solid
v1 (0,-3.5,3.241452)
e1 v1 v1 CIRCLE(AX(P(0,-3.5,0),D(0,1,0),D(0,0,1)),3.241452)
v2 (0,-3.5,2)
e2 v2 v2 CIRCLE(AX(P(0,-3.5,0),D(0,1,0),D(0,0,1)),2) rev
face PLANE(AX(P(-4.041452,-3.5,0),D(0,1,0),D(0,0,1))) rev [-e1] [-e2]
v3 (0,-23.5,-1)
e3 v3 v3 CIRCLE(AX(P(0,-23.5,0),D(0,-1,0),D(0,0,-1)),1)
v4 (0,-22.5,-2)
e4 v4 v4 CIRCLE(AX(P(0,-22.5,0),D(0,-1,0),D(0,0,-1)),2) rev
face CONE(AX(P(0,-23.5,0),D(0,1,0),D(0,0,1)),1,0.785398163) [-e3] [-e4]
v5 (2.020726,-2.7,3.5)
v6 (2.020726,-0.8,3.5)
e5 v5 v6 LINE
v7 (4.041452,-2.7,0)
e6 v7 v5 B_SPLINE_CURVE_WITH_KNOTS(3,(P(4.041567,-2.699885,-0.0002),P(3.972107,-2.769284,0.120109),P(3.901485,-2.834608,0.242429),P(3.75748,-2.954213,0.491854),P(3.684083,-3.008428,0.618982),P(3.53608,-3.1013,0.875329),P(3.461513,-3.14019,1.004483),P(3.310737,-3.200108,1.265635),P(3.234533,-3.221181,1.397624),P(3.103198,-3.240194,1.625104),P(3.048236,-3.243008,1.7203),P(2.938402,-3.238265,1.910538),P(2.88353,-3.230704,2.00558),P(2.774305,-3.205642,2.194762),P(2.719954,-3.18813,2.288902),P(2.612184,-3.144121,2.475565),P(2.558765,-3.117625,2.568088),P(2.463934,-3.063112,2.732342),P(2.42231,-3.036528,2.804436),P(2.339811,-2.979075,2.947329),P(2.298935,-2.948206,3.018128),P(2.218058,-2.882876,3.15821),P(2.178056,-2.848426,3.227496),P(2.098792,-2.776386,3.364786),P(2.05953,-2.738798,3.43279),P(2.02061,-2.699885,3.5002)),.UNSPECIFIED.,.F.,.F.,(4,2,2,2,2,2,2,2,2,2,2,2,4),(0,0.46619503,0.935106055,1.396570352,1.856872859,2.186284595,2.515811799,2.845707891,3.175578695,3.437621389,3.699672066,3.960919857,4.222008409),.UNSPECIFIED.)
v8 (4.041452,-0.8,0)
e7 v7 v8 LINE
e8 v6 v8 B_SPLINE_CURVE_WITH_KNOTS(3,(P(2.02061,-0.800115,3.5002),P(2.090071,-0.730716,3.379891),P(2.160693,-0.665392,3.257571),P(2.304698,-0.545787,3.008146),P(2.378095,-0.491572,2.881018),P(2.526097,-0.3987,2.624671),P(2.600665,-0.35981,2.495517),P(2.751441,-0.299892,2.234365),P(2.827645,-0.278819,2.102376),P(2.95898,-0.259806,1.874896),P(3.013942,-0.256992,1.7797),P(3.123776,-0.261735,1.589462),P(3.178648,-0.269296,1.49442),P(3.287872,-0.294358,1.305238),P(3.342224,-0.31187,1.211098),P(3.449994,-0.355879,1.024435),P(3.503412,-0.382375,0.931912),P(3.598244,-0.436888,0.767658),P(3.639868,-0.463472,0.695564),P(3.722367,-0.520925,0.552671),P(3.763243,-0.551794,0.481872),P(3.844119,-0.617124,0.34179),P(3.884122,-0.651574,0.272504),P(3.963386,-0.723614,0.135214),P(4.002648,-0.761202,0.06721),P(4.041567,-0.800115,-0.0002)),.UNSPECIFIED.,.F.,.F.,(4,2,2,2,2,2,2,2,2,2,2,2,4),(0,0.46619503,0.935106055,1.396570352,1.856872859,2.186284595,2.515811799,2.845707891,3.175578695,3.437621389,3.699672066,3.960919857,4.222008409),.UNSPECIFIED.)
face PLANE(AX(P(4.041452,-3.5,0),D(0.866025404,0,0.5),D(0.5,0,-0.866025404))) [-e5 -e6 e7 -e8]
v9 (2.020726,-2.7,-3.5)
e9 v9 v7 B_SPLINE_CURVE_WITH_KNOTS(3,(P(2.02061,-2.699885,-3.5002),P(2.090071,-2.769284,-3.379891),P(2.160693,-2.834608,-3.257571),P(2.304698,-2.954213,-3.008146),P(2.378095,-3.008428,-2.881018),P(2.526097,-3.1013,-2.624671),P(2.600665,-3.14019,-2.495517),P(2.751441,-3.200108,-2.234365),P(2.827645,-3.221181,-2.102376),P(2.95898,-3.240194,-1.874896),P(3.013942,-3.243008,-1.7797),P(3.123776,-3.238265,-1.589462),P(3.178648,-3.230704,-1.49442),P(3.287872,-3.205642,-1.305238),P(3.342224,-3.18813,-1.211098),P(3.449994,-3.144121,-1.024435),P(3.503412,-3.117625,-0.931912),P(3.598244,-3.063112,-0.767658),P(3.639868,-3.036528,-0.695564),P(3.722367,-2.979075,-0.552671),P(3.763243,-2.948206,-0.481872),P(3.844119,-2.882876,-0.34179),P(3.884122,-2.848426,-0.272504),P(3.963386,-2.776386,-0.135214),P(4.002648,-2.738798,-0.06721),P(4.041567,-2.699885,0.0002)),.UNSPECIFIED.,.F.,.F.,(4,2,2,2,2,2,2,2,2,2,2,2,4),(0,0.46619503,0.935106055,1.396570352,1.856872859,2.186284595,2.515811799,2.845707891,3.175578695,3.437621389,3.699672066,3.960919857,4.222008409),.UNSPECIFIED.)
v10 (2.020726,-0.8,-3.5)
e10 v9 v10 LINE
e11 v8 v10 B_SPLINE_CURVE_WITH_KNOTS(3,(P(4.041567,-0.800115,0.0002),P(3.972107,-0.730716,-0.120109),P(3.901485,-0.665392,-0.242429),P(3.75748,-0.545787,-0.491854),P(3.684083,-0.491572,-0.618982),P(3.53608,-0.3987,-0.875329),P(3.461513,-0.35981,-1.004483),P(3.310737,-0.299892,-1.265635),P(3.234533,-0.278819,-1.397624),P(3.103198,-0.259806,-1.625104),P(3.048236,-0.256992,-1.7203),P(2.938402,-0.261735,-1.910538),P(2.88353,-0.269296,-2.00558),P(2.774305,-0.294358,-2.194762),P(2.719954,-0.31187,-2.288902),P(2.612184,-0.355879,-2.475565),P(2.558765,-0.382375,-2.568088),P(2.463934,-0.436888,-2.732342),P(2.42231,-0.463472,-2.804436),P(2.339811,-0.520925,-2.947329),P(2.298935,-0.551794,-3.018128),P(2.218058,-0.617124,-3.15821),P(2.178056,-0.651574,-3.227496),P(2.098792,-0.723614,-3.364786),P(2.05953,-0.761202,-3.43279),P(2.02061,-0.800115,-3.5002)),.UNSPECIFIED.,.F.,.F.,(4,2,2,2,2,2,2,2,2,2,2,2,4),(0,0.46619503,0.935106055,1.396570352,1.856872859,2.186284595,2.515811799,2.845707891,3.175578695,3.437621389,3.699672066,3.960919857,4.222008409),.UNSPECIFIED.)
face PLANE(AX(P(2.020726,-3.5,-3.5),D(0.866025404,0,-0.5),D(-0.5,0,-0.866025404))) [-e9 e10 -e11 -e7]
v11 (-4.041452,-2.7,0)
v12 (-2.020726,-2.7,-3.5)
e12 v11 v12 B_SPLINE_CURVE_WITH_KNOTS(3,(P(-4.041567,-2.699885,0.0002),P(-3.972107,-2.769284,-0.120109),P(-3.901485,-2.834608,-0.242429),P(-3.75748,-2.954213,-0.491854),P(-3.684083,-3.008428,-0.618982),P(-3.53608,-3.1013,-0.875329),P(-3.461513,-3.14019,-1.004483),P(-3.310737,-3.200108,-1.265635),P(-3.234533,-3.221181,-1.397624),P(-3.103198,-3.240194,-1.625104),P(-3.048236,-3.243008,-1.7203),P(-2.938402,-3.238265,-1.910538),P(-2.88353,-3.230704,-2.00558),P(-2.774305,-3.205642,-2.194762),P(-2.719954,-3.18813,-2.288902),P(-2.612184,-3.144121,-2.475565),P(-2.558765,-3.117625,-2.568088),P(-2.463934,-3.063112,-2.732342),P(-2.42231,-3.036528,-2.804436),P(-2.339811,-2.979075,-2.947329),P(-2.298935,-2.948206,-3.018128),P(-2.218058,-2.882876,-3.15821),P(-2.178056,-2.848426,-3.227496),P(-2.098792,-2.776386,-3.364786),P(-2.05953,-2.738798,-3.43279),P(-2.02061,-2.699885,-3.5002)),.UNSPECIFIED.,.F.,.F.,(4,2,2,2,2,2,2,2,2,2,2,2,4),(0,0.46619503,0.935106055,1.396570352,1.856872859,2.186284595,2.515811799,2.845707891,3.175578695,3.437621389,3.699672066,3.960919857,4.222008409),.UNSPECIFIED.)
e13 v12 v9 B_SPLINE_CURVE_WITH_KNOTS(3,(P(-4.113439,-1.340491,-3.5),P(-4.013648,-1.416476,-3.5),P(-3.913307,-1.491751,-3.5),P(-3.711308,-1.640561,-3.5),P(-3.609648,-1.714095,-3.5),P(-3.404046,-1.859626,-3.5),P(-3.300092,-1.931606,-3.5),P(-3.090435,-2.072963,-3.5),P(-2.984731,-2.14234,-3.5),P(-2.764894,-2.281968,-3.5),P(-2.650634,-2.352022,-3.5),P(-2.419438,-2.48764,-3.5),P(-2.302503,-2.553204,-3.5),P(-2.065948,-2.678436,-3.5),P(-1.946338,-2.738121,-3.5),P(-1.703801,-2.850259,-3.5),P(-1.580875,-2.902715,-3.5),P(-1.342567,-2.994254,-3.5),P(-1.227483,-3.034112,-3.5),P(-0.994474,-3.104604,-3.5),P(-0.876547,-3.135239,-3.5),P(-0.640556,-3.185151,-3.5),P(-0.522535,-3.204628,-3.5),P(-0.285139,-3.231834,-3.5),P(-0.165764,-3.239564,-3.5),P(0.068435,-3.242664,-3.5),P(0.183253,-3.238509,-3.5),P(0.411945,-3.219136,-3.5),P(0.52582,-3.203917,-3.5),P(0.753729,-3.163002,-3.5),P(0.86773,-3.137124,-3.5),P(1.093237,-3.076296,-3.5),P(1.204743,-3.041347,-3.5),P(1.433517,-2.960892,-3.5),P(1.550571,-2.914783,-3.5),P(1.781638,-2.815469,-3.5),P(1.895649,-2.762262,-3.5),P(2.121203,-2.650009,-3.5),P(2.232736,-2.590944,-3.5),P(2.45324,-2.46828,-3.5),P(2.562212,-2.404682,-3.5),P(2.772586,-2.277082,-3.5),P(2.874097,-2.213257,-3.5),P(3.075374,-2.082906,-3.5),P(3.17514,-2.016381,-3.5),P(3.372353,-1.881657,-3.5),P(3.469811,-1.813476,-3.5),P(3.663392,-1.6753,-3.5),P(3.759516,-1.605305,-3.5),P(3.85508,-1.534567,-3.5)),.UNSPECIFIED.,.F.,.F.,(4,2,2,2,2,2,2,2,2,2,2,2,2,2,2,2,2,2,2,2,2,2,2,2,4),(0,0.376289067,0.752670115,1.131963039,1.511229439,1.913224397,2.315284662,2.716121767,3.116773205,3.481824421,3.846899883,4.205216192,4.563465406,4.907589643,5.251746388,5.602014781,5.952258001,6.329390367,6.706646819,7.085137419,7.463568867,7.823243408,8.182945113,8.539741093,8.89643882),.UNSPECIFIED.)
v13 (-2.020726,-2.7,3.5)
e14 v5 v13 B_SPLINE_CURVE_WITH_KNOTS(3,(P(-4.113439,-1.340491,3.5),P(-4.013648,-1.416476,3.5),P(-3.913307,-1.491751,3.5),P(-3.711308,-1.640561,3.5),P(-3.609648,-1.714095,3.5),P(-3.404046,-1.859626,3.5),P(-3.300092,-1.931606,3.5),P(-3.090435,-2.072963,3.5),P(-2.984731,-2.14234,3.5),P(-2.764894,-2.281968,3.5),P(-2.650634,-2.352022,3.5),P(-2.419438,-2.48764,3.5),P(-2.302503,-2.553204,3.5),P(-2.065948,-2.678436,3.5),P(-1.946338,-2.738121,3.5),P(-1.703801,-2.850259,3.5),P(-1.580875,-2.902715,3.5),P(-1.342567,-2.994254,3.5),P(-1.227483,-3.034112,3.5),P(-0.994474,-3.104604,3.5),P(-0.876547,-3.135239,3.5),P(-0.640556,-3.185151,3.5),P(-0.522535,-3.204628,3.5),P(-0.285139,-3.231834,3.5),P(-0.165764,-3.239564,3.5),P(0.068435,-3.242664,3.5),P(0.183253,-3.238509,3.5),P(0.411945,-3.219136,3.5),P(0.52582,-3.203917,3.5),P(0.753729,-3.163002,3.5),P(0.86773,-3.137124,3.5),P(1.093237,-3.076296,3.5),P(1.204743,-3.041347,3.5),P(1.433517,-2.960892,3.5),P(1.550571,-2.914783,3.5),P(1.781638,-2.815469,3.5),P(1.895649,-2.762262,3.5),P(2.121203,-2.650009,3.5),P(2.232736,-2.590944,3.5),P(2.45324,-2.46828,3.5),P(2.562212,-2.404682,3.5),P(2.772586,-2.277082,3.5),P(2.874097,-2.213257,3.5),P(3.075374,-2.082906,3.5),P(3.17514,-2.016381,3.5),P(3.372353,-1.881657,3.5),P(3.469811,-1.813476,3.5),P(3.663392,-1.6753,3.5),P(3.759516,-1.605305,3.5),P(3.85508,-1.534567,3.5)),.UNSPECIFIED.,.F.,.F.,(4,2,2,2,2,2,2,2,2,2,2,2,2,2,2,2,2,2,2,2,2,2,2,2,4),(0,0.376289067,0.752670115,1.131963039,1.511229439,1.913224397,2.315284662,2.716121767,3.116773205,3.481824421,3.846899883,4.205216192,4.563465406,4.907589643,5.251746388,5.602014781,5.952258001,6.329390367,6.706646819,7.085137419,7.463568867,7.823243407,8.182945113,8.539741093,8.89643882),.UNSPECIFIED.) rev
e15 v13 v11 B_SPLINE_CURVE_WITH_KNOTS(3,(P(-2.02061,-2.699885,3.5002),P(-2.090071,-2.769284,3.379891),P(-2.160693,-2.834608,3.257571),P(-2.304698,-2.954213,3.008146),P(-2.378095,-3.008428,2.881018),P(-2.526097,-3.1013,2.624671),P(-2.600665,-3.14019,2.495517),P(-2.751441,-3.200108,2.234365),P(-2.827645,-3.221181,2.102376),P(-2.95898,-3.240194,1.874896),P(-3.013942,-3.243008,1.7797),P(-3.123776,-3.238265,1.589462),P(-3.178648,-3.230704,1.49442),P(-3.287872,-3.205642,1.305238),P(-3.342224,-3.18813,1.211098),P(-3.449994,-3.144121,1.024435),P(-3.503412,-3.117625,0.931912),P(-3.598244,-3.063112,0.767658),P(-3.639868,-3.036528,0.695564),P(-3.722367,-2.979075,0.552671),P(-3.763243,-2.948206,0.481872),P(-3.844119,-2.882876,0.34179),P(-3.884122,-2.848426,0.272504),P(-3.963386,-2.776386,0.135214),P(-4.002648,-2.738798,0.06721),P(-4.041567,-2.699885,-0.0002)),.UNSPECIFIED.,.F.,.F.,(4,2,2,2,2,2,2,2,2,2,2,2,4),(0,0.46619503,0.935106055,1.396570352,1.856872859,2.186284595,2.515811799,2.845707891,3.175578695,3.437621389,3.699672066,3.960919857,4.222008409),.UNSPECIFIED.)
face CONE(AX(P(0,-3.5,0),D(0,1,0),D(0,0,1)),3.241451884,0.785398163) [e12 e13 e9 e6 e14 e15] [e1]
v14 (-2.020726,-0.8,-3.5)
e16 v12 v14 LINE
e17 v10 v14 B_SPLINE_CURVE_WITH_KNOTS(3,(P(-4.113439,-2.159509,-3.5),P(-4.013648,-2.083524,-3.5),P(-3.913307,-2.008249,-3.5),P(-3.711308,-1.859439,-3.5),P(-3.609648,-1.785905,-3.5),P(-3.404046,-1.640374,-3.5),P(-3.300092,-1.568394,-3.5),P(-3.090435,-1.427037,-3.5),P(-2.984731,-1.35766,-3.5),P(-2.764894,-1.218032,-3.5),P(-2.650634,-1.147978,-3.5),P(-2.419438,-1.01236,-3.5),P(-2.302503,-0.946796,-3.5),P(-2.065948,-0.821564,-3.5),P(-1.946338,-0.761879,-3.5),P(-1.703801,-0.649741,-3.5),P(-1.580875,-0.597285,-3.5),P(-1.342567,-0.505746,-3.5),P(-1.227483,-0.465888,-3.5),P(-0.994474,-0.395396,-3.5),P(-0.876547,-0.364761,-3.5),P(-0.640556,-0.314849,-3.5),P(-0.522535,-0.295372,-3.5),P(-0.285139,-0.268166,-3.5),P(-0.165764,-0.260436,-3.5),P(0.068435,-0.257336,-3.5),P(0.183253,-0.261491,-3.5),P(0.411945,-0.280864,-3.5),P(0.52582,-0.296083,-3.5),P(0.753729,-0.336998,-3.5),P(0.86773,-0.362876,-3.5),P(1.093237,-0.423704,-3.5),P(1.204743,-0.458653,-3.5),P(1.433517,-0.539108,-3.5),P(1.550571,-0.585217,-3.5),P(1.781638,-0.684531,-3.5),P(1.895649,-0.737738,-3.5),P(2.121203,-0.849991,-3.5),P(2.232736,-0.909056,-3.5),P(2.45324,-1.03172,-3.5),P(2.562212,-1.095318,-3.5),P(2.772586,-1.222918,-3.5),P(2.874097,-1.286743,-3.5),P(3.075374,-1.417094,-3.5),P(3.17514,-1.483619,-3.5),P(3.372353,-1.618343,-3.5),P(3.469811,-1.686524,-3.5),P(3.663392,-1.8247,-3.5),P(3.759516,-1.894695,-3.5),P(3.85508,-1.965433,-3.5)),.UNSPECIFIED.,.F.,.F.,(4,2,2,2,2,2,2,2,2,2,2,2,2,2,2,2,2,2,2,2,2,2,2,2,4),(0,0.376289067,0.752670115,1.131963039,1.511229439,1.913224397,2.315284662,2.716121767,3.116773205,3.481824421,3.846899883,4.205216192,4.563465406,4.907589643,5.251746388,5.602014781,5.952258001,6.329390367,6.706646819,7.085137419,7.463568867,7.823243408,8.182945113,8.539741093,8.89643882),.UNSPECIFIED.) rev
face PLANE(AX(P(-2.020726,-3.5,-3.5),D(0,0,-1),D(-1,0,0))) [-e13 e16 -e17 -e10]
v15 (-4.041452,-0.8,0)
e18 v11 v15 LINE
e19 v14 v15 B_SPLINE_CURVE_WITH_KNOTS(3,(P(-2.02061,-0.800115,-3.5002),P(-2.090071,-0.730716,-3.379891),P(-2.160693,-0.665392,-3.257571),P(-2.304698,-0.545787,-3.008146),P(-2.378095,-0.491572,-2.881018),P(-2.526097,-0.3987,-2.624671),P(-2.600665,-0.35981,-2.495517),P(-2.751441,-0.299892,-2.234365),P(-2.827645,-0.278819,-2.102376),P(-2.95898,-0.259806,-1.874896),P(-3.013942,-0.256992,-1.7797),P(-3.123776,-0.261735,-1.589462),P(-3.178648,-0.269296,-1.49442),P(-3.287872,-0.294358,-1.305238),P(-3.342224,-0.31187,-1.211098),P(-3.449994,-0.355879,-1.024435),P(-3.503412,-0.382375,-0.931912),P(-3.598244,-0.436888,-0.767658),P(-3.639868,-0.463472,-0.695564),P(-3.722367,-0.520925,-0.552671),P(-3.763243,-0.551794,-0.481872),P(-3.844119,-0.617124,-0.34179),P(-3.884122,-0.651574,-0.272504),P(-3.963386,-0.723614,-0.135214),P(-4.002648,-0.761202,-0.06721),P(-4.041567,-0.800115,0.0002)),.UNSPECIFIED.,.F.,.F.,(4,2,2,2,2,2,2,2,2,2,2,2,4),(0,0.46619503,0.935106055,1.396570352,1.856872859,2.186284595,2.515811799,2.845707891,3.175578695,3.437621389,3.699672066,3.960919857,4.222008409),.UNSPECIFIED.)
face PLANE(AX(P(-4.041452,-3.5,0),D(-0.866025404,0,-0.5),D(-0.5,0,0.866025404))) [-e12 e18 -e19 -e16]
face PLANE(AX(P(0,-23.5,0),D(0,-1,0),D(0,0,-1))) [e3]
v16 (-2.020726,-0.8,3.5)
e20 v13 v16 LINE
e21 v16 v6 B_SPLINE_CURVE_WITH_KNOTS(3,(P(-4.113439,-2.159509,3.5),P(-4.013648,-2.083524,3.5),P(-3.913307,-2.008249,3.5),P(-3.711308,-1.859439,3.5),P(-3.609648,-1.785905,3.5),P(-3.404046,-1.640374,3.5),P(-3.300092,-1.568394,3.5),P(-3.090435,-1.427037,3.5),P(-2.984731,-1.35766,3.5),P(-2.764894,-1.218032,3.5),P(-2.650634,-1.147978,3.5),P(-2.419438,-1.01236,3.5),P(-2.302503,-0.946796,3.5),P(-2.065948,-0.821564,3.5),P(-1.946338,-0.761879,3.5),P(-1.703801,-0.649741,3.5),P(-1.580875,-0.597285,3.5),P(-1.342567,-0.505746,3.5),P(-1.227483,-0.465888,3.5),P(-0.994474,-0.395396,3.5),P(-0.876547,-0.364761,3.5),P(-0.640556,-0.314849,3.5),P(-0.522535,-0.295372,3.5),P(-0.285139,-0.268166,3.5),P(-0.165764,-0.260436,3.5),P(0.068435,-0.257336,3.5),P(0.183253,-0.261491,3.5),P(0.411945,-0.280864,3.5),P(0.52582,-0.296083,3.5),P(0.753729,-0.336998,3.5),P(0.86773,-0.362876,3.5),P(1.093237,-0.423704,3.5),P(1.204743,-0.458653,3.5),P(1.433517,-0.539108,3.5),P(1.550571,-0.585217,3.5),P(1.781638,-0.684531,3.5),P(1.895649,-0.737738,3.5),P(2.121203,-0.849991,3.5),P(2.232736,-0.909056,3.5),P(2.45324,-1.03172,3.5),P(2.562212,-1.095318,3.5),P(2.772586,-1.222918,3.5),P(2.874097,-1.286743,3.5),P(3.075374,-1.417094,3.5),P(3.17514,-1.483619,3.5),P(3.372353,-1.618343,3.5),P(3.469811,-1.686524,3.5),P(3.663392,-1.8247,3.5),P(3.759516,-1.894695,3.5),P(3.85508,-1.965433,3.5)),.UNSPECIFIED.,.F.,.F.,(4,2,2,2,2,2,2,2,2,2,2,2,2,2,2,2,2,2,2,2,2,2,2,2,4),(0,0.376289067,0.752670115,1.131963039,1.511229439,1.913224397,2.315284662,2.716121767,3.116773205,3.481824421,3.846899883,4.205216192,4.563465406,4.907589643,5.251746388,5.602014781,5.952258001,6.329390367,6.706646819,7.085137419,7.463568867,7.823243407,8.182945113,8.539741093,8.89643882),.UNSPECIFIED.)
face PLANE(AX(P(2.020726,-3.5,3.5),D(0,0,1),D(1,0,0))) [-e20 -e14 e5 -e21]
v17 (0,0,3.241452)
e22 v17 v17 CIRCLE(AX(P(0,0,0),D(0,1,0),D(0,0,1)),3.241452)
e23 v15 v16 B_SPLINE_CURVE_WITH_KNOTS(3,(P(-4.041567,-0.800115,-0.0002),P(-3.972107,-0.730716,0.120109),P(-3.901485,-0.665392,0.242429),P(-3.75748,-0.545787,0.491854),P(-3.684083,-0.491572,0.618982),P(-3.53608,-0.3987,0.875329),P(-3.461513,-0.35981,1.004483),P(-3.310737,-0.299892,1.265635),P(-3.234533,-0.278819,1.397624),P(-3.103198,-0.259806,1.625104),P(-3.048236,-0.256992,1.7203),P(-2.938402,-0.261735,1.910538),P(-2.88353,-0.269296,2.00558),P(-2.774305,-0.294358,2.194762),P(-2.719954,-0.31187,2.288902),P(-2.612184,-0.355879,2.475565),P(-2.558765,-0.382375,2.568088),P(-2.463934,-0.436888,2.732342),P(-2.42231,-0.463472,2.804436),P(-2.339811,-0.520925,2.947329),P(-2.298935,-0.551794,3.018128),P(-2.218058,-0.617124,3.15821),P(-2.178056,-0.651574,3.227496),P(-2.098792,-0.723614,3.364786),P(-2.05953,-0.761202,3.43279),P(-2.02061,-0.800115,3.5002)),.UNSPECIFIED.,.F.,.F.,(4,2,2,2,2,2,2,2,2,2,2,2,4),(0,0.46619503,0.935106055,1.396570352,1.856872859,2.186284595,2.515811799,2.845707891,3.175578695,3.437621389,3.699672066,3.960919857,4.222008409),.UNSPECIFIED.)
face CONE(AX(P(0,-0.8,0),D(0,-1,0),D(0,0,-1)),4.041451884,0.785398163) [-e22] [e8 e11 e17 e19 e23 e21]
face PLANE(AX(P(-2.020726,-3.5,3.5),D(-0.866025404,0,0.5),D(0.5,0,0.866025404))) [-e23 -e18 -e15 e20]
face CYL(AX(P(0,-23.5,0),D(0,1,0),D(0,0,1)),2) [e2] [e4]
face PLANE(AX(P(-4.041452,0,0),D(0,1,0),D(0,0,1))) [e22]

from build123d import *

# Parameters (mm, degrees)
EXTRUDE_1_DEPTH = 3.5
SKETCH_5_R      = 2
EXTRUDE_2_DEPTH = 20
CHAMFER_1_SIZE  = 1


with BuildPart() as part:
    # Эскиз1 → Вытянуть1 (new body)
    with BuildSketch(Plane(origin=(0, 0, 0), x_dir=(1, 0, 0), z_dir=(0, 1, 0))):
        Polygon((-2.020725942, 3.5), (2.020725942, 3.5), (4.041451884, 0), (2.020725942, -3.5), (-2.020725942, -3.5), (-4.041451884, 0), align=None)
    extrude(amount=-EXTRUDE_1_DEPTH)

    # Эскиз5 → Вытянуть2 (add)
    with BuildSketch(Plane.XZ.offset(3.5)):
        with Locations(Location((0, 0, 0), (0, 0, 90))):
            Circle(SKETCH_5_R)
    extrude(amount=EXTRUDE_2_DEPTH)

    # Фаска1
    chamfer_1_edges = [part.edges().sort_by_distance(p)[0] for p in [
        (0, -23.5, -2),
    ]]
    chamfer(chamfer_1_edges, length=CHAMFER_1_SIZE)

    # Эскиз4 → Вырез-Повернуть1 (revolve, cut)
    with BuildSketch(Plane.XY, mode=Mode.PRIVATE) as cut_revolve_1_sk:
        Polygon((-4.041451884, -0.8), (-3.241451884, 0), (-4.041451884, 0), align=None)
        Polygon((-4.041451884, -2.7), (-3.241451884, -3.5), (-4.041451884, -3.5), align=None)
    revolve(cut_revolve_1_sk.sketch.rotate(Axis((0, -3.5, 0), (0, -1, 0)), 120.000000136), axis=Axis((0, -3.5, 0), (0, -1, 0)), mode=Mode.SUBTRACT)


solid = part.part
